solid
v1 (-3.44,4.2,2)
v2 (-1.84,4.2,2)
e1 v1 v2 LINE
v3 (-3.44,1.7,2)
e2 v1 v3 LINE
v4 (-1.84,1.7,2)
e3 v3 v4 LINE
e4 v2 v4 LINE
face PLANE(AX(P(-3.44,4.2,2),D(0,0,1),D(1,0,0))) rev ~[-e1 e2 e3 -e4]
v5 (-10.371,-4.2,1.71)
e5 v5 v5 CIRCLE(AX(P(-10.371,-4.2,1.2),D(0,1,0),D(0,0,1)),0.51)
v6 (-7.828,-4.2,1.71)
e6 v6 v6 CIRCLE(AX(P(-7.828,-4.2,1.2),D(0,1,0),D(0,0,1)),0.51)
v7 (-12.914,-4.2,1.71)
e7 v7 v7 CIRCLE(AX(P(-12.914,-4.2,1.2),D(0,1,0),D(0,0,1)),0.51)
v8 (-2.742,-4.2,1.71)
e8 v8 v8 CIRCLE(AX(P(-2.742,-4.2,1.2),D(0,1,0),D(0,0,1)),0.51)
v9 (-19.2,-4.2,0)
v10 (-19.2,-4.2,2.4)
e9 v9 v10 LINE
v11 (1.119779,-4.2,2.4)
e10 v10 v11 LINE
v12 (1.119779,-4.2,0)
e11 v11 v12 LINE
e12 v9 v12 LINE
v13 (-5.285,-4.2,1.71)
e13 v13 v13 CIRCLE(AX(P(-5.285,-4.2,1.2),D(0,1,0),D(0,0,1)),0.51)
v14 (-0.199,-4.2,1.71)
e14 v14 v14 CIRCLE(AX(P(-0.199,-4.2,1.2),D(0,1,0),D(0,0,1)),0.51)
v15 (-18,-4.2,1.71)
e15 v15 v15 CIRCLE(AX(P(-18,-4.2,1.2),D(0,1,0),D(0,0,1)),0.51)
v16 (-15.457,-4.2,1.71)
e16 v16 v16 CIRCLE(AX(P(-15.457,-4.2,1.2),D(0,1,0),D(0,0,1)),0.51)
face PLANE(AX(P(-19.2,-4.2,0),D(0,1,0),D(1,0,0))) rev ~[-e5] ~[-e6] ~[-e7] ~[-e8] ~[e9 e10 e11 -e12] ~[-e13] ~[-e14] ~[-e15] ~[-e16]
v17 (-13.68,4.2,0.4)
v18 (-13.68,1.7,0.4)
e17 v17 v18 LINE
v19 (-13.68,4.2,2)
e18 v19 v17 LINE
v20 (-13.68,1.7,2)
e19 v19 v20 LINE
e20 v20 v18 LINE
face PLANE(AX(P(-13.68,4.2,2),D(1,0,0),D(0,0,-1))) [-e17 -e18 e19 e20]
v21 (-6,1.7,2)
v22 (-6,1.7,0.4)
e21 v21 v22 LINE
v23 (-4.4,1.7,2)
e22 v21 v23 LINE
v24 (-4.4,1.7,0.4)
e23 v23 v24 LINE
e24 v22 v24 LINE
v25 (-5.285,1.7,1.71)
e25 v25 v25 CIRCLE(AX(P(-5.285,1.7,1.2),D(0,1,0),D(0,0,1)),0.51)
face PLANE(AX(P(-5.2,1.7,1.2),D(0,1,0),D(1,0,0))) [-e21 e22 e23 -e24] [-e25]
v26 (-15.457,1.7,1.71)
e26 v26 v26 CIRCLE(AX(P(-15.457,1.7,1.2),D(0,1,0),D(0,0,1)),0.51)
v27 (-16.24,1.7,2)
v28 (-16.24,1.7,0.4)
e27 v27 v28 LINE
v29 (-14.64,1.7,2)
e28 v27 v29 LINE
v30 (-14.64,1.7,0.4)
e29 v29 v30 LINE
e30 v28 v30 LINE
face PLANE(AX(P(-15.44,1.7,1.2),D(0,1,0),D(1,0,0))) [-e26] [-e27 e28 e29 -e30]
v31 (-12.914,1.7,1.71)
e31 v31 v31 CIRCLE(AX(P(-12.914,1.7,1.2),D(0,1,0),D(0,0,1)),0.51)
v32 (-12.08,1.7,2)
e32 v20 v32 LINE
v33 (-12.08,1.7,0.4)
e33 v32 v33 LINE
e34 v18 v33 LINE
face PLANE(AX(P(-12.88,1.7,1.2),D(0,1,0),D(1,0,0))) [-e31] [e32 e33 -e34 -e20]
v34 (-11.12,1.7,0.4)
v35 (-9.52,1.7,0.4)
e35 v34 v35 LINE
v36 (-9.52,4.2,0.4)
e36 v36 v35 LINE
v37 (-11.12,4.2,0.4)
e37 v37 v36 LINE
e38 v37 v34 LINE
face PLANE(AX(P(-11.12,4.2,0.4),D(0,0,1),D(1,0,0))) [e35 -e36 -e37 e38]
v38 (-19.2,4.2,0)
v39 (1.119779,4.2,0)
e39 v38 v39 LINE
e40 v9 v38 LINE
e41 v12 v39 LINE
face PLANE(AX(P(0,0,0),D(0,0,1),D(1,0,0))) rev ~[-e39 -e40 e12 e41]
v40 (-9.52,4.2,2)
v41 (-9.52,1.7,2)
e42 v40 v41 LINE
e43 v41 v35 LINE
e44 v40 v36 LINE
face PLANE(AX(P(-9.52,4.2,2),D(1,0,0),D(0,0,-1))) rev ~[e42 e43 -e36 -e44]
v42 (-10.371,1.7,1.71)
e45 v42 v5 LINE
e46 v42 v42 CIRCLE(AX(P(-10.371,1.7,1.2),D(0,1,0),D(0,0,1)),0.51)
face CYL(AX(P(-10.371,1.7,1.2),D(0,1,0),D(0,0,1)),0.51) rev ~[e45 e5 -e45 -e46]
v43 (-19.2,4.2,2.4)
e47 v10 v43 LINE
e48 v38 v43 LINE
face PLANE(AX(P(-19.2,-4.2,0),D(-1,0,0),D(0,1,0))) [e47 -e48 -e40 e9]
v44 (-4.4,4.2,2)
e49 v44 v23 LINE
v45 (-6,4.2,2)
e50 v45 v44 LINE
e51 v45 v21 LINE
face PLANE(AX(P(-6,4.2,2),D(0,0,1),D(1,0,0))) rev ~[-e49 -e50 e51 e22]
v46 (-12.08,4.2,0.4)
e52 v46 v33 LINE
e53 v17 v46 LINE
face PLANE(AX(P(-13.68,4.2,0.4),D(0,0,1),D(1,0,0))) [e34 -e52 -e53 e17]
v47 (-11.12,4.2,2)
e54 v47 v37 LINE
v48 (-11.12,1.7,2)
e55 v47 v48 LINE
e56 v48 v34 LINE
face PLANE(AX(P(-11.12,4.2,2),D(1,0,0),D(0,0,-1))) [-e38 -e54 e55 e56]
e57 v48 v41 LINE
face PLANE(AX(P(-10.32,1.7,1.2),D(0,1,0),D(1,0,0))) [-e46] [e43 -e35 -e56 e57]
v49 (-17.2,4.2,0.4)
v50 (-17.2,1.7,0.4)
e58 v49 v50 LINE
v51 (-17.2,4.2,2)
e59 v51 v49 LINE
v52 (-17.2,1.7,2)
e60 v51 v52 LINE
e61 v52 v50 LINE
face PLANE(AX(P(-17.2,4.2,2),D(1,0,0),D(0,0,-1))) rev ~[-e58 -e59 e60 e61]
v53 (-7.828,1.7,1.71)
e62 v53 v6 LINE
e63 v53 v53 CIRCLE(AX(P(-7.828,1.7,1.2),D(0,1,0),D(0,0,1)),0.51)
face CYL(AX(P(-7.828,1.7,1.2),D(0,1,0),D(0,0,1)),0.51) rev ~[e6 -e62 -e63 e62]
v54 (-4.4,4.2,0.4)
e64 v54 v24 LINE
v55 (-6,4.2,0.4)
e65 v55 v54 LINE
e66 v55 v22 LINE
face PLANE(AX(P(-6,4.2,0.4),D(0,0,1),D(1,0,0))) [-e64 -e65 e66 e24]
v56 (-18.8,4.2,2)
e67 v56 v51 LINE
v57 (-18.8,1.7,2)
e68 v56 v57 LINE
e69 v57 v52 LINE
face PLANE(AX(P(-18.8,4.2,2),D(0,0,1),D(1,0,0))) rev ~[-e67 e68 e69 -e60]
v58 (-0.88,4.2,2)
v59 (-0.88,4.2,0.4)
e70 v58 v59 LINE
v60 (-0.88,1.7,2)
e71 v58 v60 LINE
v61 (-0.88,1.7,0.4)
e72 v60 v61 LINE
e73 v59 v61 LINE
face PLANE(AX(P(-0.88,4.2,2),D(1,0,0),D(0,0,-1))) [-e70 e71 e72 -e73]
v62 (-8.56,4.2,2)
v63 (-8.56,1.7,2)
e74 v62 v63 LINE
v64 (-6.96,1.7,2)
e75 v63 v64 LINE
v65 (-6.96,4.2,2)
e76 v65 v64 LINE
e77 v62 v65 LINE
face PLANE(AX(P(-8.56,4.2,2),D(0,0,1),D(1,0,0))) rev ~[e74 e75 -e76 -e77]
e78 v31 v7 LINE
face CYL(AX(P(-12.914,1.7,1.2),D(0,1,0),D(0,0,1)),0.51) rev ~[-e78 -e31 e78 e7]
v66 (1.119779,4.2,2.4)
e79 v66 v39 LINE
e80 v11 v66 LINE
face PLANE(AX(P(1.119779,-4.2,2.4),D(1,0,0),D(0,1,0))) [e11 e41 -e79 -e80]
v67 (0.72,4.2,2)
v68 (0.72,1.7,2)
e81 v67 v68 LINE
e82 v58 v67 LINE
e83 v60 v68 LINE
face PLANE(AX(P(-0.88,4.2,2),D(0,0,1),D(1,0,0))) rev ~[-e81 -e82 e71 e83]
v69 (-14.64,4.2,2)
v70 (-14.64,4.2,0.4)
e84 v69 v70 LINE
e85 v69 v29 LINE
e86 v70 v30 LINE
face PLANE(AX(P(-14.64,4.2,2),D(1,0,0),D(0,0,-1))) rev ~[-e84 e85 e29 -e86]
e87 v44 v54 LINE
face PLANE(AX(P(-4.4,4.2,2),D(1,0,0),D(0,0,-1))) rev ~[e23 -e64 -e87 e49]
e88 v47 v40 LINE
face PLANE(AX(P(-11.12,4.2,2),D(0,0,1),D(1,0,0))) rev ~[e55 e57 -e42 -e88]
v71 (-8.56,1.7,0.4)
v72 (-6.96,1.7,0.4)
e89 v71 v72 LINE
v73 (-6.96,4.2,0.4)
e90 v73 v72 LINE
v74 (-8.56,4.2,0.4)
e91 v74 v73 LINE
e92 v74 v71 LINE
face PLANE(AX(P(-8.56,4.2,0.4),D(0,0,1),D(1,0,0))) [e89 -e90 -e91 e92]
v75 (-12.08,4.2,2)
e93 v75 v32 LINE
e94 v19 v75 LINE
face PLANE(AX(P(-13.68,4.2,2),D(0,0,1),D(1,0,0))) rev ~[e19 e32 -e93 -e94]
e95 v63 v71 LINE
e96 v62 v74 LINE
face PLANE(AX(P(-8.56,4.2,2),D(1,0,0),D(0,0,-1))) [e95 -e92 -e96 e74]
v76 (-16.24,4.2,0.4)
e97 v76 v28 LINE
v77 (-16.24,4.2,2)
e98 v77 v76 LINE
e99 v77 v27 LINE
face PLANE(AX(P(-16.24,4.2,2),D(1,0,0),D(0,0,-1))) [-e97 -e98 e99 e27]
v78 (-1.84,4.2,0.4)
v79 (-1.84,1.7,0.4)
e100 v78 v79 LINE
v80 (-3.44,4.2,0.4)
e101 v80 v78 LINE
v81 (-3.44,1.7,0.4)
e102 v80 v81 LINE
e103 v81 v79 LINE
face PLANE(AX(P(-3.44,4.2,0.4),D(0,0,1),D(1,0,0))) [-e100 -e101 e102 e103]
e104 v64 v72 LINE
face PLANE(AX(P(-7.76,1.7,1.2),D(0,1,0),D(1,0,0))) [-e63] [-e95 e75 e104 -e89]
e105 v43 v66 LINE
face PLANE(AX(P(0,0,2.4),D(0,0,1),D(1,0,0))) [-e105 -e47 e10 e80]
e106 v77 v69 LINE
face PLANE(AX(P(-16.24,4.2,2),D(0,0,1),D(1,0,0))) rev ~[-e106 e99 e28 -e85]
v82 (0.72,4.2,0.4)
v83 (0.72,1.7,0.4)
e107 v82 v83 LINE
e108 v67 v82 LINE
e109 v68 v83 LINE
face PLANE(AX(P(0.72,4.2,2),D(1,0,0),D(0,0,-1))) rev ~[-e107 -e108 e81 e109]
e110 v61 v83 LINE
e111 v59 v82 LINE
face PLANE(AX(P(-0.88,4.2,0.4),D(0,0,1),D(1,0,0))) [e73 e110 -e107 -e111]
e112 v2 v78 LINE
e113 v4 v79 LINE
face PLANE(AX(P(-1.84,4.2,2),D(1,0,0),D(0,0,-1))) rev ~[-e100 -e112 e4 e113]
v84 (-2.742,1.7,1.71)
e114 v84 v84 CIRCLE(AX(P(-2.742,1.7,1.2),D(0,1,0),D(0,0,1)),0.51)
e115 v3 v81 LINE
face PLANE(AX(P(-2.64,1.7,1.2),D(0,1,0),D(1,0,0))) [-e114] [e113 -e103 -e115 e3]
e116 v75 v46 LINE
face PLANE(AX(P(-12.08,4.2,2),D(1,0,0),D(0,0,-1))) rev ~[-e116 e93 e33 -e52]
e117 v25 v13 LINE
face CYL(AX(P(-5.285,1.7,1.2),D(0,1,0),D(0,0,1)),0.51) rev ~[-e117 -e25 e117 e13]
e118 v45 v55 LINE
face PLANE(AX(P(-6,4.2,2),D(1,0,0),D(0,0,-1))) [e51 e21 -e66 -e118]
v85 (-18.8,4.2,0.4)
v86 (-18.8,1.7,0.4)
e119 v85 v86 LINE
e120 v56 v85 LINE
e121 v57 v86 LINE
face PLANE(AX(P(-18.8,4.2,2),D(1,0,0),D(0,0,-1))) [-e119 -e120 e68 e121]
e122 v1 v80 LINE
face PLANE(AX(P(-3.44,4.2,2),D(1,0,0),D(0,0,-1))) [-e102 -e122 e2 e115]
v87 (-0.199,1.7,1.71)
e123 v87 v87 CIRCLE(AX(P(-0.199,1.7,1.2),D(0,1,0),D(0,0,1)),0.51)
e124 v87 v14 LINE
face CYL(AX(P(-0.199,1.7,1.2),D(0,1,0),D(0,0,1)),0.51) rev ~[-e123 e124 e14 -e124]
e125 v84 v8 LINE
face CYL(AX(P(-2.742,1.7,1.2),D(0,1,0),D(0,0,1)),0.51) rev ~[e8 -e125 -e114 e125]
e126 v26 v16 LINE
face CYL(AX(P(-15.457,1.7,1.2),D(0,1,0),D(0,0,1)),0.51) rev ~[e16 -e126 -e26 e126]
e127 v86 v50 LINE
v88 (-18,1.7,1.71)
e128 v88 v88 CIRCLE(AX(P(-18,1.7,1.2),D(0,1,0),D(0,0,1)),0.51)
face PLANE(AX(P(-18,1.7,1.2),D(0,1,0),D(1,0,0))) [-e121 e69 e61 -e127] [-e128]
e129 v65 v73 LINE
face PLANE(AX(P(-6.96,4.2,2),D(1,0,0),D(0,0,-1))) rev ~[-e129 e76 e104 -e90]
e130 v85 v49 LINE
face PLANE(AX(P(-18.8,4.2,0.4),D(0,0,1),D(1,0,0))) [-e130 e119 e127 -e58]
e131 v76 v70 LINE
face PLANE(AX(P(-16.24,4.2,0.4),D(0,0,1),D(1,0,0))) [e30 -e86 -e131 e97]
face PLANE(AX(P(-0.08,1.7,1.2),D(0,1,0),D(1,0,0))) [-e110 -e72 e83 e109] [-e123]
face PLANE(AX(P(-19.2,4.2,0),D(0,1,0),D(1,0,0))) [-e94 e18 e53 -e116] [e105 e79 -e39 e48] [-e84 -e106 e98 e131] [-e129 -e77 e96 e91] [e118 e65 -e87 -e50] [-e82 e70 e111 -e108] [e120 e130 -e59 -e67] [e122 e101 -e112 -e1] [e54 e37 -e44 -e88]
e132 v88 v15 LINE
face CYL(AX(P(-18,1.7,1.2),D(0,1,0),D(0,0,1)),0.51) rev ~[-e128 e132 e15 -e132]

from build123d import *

# Parameters (mm, degrees)
ESBO_O1_W                = 38.4
ESBO_O1_H                = 8.4
RESSALTO_EXTRUS_O1_DEPTH = 2.4
ESBO_O2_W                = 1.6
ESBO_O2_H                = 1.6
CORTE_EXTRUS_O1_DEPTH    = 2.5
PADR_O_LINEAR1_COUNT     = 16
PADR_O_LINEAR1_PITCH     = 2.56
ESBO_O3_R                = 0.51
CORTE_EXTRUS_O2_DEPTH    = 21.228939666
PADR_O_LINEAR2_COUNT     = 15
PADR_O_LINEAR2_PITCH     = 2.543
ESBO_O6_W                = 18.080220827
ESBO_O6_H                = 8.4
CORTE_EXTRUS_O3_DEPTH    = 10


with BuildPart() as part:
    # Esboço1 → Ressalto-extrusão1 (new body)
    with BuildSketch(Plane.XY):
        Rectangle(ESBO_O1_W, ESBO_O1_H)
    extrude(amount=RESSALTO_EXTRUS_O1_DEPTH)

    # Esboço2 → Corte-extrusão1 (cut)
    with BuildSketch(Plane(origin=(0, 4.2, 0), x_dir=(1, 0, 0), z_dir=(0, 1, 0))):
        with Locations((-18, -1.2)):
            Rectangle(ESBO_O2_W, ESBO_O2_H)
    corte_extrus_o1 = extrude(amount=-CORTE_EXTRUS_O1_DEPTH, mode=Mode.SUBTRACT)

    # Padrão linear1: Corte-extrusão1 ×16
    with Locations(*[(i * PADR_O_LINEAR1_PITCH, 0, 0) for i in range(1, PADR_O_LINEAR1_COUNT)]):
        add(corte_extrus_o1, mode=Mode.SUBTRACT)

    # Esboço3 → Corte-extrusão2 (cut, through all)
    with BuildSketch(Plane(origin=(0, 1.7, 0), x_dir=(1, 0, 0), z_dir=(0, 1, 0))):
        with Locations(Location((-18, -1.2, 0), (0, 0, 270))):
            Circle(ESBO_O3_R)
    corte_extrus_o2 = extrude(amount=-CORTE_EXTRUS_O2_DEPTH, mode=Mode.SUBTRACT)

    # Padrão linear2: Corte-extrusão2 ×15
    with Locations(*[(i * PADR_O_LINEAR2_PITCH, 0, 0) for i in range(1, PADR_O_LINEAR2_COUNT)]):
        add(corte_extrus_o2, mode=Mode.SUBTRACT)

    # Esboço6 → Corte-extrusão3 (cut)
    with BuildSketch(Plane.XY.offset(2.4)):
        with Locations((10.159889587, 0)):
            Rectangle(ESBO_O6_W, ESBO_O6_H)
    extrude(amount=-CORTE_EXTRUS_O3_DEPTH, mode=Mode.SUBTRACT)


solid = part.part
